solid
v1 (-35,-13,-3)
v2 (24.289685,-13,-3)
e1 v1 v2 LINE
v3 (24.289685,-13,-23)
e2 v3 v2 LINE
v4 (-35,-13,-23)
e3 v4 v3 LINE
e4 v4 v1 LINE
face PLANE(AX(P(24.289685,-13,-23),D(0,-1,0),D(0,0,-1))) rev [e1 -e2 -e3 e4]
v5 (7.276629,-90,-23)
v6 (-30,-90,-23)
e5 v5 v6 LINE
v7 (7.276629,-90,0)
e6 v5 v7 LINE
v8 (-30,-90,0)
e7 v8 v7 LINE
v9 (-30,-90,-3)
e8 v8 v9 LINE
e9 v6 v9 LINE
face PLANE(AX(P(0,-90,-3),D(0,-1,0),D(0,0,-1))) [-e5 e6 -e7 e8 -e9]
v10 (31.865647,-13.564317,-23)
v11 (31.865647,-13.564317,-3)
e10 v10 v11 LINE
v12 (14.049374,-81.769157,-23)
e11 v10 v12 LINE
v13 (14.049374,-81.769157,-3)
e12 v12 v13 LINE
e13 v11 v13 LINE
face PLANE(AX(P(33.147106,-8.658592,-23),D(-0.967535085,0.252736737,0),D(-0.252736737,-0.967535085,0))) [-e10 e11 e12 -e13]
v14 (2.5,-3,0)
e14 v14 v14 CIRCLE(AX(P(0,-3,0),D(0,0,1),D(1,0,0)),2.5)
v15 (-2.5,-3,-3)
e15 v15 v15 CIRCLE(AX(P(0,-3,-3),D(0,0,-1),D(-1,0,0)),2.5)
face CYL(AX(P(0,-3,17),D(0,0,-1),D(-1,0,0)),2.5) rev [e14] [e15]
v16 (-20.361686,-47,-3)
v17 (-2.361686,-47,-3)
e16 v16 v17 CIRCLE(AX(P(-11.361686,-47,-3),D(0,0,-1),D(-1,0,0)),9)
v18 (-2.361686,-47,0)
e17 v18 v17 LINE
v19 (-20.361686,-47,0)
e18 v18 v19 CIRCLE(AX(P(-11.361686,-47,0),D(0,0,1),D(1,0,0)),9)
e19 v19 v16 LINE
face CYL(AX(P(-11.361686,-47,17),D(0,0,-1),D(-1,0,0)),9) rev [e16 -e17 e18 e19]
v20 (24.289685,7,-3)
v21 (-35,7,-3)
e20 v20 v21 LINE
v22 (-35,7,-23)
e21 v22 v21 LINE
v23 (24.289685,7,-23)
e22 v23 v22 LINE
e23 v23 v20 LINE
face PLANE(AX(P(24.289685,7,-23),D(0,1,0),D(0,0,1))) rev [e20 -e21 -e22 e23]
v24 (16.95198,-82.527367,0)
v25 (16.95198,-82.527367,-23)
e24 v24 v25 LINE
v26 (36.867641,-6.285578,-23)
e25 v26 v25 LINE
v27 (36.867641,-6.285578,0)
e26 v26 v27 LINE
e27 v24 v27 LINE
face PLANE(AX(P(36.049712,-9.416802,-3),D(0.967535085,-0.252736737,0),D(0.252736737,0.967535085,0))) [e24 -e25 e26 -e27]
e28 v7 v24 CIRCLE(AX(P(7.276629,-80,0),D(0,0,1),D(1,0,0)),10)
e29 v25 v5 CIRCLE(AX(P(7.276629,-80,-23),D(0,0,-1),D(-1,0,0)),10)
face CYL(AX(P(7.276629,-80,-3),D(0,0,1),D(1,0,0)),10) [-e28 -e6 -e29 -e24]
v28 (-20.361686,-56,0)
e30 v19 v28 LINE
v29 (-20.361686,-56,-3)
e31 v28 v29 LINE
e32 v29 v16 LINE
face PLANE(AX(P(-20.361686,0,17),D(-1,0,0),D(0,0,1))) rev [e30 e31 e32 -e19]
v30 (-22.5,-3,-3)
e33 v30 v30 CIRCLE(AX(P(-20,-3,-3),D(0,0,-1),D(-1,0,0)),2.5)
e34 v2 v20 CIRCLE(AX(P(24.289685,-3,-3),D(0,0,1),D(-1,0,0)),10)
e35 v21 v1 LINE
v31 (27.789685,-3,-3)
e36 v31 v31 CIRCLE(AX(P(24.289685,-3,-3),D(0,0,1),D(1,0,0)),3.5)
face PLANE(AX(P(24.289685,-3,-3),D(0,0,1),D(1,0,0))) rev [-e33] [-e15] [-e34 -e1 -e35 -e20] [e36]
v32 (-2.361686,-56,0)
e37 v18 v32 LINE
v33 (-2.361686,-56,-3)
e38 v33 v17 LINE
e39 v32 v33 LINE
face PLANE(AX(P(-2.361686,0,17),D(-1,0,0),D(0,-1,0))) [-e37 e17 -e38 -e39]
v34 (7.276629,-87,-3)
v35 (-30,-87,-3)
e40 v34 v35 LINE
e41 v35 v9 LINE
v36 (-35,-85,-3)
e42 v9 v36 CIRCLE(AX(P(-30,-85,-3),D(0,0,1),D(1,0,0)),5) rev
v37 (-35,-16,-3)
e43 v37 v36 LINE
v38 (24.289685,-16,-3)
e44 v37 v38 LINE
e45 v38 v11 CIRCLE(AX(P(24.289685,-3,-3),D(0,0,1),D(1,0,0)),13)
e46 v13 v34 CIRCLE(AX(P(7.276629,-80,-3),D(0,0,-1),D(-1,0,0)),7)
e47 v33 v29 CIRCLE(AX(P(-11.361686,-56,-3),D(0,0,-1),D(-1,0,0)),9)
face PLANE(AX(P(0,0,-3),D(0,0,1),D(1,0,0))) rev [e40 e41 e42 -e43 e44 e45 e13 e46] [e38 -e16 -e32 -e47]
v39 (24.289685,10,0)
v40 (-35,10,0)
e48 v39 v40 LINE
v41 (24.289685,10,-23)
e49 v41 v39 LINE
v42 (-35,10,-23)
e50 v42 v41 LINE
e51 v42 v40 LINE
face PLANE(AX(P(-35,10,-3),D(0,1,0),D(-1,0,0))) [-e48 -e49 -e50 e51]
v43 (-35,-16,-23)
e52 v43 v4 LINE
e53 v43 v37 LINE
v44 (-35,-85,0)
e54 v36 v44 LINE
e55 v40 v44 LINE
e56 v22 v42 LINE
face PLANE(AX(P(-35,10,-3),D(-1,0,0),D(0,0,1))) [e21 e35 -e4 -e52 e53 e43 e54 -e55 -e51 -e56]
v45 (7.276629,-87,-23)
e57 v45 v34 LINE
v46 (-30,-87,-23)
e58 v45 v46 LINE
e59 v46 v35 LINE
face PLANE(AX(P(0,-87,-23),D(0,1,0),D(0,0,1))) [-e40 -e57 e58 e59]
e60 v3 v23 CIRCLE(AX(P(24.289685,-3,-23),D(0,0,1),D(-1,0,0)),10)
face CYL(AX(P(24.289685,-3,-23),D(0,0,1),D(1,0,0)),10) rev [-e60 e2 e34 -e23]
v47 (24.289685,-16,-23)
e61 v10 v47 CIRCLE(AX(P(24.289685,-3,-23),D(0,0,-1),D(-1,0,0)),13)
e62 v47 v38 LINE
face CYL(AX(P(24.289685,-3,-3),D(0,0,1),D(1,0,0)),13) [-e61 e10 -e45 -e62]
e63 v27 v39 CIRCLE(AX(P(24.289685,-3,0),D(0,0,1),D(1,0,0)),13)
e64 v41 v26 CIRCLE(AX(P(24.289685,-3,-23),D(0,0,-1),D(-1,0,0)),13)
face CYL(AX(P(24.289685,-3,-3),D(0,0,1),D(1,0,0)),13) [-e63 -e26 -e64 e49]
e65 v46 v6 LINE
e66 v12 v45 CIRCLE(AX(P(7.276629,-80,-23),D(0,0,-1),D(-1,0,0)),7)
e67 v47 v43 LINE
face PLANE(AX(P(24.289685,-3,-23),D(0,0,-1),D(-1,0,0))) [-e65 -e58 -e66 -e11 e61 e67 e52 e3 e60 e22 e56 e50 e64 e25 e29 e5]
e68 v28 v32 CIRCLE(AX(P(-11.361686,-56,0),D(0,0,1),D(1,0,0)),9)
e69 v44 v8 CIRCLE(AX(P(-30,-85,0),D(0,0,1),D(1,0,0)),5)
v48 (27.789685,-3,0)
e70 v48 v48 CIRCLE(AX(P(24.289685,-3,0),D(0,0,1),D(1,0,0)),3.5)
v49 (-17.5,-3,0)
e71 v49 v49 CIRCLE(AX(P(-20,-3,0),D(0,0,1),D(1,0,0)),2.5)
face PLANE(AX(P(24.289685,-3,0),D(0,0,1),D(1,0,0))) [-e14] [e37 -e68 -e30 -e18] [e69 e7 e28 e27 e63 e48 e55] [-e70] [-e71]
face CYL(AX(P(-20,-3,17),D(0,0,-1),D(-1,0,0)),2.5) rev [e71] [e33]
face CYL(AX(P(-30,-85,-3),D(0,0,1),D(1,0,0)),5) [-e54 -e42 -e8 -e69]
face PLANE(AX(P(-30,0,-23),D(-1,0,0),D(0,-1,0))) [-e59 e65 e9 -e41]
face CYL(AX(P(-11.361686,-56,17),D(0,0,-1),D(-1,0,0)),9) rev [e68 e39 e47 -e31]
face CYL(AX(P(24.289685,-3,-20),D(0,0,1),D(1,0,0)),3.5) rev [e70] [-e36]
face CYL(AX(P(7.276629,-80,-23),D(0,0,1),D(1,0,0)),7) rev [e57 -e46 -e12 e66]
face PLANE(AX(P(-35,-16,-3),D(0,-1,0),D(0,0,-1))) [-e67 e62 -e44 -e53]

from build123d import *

# Parameters (mm, degrees)
BOSS_EXTRUDE1_DEPTH = 3
BOSS_EXTRUDE2_DEPTH = 20
SKETCH3_R           = 3.5
CUT_EXTRUDE1_DEPTH  = 20
BOSS_EXTRUDE3_DEPTH = 3
FILLET1_R           = 10
FILLET3_R           = 5
BOSS_EXTRUDE4_DEPTH = 20
CUT_EXTRUDE2_DEPTH  = 20
CUT_EXTRUDE4_DEPTH  = 20


with BuildPart() as part:
    # Sketch1 → Boss-Extrude1 (new body)
    with BuildSketch(Plane.XY):
        with BuildLine():
            Line((-35, 10), (24.289684969, 10))
            ThreePointArc((24.289684969, 10), (37.289684969, -3), (24.289684969, -16))
            Line((24.289684969, -16), (-35, -16))
            Line((-35, -16), (-35, 10))
        make_face()
    extrude(amount=-BOSS_EXTRUDE1_DEPTH)

    # Sketch2 → Boss-Extrude2 (add)
    with BuildSketch(Plane(origin=(0, 0, -3), x_dir=(-1, 0, 0), z_dir=(0, 0, -1))):
        with BuildLine():
            Line((-24.289684969, 7), (35, 7))
            Line((35, 7), (35, 10))
            Line((35, 10), (-24.289684969, 10))
            ThreePointArc((-24.289684969, 10), (-37.289684969, -3), (-24.289684969, -16))
            Line((-24.289684969, -16), (35, -16))
            Line((35, -16), (35, -13))
            Line((35, -13), (-24.289684969, -13))
            ThreePointArc((-24.289684969, -13), (-34.289684969, -3), (-24.289684969, 7))
        make_face()
    extrude(amount=BOSS_EXTRUDE2_DEPTH)

    # Sketch3 → Cut-Extrude1 (cut)
    with BuildSketch(Plane.XY):
        with Locations((24.289684969, -3)):
            Circle(SKETCH3_R)
    extrude(amount=-CUT_EXTRUDE1_DEPTH, mode=Mode.SUBTRACT)

    # Sketch4 → Boss-Extrude3 (add)
    with BuildSketch(Plane.XY):
        with BuildLine():
            Line((24.289684969, -16), (-35, -16))
            Line((-35, -16), (-35, -90))
            Line((-35, -90), (15, -90))
            Line((15, -90), (36.86764108, -6.285577584))
            ThreePointArc((36.86764108, -6.285577584), (32.235988871, -13.288646864), (24.289684969, -16))
        make_face()
    extrude(amount=-BOSS_EXTRUDE3_DEPTH)

    # Fillet1
    fillet1_edges = [part.edges().sort_by_distance(p)[0] for p in [
        (15, -90, -1.5),
    ]]
    fillet(fillet1_edges, radius=FILLET1_R)

    # Fillet3
    fillet3_edges = [part.edges().sort_by_distance(p)[0] for p in [
        (-35, -90, -1.5),
    ]]
    fillet(fillet3_edges, radius=FILLET3_R)

    # Sketch5 → Boss-Extrude4 (add)
    with BuildSketch(Plane(origin=(0, 0, -3), x_dir=(-1, 0, 0), z_dir=(0, 0, -1))):
        with BuildLine():
            Line((-14.049374385, -81.769157161), (-31.865646811, -13.564317402))
            ThreePointArc((-31.865646811, -13.564317402), (-35.003699882, -10.362736207), (-36.86764108, -6.285577584))
            Line((-36.86764108, -6.285577584), (-16.951979641, -82.527367373))
            ThreePointArc((-16.951979641, -82.527367373), (-13.389170249, -87.914343742), (-7.276628786, -90))
            Line((-7.276628786, -90), (30, -90))
            Line((30, -90), (30, -87))
            Line((30, -87), (-7.276628786, -87))
            ThreePointArc((-7.276628786, -87), (-11.55540781, -85.540040619), (-14.049374385, -81.769157161))
        make_face()
    extrude(amount=BOSS_EXTRUDE4_DEPTH)

    # Sketch7 → Cut-Extrude2 (cut)
    with BuildSketch(Plane(origin=(0, 0, -3), x_dir=(-1, 0, 0), z_dir=(0, 0, -1))):
        with BuildLine():
            ThreePointArc((-2.5, -3), (0, -5.5), (2.5, -3))
            Line((2.5, -3), (-2.5, -3))
        make_face()
        with BuildLine():
            Line((-2.5, -3), (2.5, -3))
            ThreePointArc((2.5, -3), (0, -0.5), (-2.5, -3))
        make_face()
        with BuildLine():
            ThreePointArc((17.5, -3), (20, -5.5), (22.5, -3))
            Line((22.5, -3), (17.5, -3))
        make_face()
        with BuildLine():
            Line((17.5, -3), (22.5, -3))
            ThreePointArc((22.5, -3), (20, -0.5), (17.5, -3))
        make_face()
    extrude(amount=-CUT_EXTRUDE2_DEPTH, mode=Mode.SUBTRACT)

    # Sketch6 → Cut-Extrude4 (cut)
    with BuildSketch(Plane(origin=(0, 0, -3), x_dir=(-1, 0, 0), z_dir=(0, 0, -1))):
        with BuildLine():
            Line((20.361685607, -56), (20.361685607, -47))
            ThreePointArc((20.361685607, -47), (11.361685607, -38), (2.361685607, -47))
            Line((2.361685607, -47), (2.361685607, -56))
            ThreePointArc((2.361685607, -56), (11.361685607, -65), (20.361685607, -56))
        make_face()
    extrude(amount=-CUT_EXTRUDE4_DEPTH, mode=Mode.SUBTRACT)


solid = part.part
